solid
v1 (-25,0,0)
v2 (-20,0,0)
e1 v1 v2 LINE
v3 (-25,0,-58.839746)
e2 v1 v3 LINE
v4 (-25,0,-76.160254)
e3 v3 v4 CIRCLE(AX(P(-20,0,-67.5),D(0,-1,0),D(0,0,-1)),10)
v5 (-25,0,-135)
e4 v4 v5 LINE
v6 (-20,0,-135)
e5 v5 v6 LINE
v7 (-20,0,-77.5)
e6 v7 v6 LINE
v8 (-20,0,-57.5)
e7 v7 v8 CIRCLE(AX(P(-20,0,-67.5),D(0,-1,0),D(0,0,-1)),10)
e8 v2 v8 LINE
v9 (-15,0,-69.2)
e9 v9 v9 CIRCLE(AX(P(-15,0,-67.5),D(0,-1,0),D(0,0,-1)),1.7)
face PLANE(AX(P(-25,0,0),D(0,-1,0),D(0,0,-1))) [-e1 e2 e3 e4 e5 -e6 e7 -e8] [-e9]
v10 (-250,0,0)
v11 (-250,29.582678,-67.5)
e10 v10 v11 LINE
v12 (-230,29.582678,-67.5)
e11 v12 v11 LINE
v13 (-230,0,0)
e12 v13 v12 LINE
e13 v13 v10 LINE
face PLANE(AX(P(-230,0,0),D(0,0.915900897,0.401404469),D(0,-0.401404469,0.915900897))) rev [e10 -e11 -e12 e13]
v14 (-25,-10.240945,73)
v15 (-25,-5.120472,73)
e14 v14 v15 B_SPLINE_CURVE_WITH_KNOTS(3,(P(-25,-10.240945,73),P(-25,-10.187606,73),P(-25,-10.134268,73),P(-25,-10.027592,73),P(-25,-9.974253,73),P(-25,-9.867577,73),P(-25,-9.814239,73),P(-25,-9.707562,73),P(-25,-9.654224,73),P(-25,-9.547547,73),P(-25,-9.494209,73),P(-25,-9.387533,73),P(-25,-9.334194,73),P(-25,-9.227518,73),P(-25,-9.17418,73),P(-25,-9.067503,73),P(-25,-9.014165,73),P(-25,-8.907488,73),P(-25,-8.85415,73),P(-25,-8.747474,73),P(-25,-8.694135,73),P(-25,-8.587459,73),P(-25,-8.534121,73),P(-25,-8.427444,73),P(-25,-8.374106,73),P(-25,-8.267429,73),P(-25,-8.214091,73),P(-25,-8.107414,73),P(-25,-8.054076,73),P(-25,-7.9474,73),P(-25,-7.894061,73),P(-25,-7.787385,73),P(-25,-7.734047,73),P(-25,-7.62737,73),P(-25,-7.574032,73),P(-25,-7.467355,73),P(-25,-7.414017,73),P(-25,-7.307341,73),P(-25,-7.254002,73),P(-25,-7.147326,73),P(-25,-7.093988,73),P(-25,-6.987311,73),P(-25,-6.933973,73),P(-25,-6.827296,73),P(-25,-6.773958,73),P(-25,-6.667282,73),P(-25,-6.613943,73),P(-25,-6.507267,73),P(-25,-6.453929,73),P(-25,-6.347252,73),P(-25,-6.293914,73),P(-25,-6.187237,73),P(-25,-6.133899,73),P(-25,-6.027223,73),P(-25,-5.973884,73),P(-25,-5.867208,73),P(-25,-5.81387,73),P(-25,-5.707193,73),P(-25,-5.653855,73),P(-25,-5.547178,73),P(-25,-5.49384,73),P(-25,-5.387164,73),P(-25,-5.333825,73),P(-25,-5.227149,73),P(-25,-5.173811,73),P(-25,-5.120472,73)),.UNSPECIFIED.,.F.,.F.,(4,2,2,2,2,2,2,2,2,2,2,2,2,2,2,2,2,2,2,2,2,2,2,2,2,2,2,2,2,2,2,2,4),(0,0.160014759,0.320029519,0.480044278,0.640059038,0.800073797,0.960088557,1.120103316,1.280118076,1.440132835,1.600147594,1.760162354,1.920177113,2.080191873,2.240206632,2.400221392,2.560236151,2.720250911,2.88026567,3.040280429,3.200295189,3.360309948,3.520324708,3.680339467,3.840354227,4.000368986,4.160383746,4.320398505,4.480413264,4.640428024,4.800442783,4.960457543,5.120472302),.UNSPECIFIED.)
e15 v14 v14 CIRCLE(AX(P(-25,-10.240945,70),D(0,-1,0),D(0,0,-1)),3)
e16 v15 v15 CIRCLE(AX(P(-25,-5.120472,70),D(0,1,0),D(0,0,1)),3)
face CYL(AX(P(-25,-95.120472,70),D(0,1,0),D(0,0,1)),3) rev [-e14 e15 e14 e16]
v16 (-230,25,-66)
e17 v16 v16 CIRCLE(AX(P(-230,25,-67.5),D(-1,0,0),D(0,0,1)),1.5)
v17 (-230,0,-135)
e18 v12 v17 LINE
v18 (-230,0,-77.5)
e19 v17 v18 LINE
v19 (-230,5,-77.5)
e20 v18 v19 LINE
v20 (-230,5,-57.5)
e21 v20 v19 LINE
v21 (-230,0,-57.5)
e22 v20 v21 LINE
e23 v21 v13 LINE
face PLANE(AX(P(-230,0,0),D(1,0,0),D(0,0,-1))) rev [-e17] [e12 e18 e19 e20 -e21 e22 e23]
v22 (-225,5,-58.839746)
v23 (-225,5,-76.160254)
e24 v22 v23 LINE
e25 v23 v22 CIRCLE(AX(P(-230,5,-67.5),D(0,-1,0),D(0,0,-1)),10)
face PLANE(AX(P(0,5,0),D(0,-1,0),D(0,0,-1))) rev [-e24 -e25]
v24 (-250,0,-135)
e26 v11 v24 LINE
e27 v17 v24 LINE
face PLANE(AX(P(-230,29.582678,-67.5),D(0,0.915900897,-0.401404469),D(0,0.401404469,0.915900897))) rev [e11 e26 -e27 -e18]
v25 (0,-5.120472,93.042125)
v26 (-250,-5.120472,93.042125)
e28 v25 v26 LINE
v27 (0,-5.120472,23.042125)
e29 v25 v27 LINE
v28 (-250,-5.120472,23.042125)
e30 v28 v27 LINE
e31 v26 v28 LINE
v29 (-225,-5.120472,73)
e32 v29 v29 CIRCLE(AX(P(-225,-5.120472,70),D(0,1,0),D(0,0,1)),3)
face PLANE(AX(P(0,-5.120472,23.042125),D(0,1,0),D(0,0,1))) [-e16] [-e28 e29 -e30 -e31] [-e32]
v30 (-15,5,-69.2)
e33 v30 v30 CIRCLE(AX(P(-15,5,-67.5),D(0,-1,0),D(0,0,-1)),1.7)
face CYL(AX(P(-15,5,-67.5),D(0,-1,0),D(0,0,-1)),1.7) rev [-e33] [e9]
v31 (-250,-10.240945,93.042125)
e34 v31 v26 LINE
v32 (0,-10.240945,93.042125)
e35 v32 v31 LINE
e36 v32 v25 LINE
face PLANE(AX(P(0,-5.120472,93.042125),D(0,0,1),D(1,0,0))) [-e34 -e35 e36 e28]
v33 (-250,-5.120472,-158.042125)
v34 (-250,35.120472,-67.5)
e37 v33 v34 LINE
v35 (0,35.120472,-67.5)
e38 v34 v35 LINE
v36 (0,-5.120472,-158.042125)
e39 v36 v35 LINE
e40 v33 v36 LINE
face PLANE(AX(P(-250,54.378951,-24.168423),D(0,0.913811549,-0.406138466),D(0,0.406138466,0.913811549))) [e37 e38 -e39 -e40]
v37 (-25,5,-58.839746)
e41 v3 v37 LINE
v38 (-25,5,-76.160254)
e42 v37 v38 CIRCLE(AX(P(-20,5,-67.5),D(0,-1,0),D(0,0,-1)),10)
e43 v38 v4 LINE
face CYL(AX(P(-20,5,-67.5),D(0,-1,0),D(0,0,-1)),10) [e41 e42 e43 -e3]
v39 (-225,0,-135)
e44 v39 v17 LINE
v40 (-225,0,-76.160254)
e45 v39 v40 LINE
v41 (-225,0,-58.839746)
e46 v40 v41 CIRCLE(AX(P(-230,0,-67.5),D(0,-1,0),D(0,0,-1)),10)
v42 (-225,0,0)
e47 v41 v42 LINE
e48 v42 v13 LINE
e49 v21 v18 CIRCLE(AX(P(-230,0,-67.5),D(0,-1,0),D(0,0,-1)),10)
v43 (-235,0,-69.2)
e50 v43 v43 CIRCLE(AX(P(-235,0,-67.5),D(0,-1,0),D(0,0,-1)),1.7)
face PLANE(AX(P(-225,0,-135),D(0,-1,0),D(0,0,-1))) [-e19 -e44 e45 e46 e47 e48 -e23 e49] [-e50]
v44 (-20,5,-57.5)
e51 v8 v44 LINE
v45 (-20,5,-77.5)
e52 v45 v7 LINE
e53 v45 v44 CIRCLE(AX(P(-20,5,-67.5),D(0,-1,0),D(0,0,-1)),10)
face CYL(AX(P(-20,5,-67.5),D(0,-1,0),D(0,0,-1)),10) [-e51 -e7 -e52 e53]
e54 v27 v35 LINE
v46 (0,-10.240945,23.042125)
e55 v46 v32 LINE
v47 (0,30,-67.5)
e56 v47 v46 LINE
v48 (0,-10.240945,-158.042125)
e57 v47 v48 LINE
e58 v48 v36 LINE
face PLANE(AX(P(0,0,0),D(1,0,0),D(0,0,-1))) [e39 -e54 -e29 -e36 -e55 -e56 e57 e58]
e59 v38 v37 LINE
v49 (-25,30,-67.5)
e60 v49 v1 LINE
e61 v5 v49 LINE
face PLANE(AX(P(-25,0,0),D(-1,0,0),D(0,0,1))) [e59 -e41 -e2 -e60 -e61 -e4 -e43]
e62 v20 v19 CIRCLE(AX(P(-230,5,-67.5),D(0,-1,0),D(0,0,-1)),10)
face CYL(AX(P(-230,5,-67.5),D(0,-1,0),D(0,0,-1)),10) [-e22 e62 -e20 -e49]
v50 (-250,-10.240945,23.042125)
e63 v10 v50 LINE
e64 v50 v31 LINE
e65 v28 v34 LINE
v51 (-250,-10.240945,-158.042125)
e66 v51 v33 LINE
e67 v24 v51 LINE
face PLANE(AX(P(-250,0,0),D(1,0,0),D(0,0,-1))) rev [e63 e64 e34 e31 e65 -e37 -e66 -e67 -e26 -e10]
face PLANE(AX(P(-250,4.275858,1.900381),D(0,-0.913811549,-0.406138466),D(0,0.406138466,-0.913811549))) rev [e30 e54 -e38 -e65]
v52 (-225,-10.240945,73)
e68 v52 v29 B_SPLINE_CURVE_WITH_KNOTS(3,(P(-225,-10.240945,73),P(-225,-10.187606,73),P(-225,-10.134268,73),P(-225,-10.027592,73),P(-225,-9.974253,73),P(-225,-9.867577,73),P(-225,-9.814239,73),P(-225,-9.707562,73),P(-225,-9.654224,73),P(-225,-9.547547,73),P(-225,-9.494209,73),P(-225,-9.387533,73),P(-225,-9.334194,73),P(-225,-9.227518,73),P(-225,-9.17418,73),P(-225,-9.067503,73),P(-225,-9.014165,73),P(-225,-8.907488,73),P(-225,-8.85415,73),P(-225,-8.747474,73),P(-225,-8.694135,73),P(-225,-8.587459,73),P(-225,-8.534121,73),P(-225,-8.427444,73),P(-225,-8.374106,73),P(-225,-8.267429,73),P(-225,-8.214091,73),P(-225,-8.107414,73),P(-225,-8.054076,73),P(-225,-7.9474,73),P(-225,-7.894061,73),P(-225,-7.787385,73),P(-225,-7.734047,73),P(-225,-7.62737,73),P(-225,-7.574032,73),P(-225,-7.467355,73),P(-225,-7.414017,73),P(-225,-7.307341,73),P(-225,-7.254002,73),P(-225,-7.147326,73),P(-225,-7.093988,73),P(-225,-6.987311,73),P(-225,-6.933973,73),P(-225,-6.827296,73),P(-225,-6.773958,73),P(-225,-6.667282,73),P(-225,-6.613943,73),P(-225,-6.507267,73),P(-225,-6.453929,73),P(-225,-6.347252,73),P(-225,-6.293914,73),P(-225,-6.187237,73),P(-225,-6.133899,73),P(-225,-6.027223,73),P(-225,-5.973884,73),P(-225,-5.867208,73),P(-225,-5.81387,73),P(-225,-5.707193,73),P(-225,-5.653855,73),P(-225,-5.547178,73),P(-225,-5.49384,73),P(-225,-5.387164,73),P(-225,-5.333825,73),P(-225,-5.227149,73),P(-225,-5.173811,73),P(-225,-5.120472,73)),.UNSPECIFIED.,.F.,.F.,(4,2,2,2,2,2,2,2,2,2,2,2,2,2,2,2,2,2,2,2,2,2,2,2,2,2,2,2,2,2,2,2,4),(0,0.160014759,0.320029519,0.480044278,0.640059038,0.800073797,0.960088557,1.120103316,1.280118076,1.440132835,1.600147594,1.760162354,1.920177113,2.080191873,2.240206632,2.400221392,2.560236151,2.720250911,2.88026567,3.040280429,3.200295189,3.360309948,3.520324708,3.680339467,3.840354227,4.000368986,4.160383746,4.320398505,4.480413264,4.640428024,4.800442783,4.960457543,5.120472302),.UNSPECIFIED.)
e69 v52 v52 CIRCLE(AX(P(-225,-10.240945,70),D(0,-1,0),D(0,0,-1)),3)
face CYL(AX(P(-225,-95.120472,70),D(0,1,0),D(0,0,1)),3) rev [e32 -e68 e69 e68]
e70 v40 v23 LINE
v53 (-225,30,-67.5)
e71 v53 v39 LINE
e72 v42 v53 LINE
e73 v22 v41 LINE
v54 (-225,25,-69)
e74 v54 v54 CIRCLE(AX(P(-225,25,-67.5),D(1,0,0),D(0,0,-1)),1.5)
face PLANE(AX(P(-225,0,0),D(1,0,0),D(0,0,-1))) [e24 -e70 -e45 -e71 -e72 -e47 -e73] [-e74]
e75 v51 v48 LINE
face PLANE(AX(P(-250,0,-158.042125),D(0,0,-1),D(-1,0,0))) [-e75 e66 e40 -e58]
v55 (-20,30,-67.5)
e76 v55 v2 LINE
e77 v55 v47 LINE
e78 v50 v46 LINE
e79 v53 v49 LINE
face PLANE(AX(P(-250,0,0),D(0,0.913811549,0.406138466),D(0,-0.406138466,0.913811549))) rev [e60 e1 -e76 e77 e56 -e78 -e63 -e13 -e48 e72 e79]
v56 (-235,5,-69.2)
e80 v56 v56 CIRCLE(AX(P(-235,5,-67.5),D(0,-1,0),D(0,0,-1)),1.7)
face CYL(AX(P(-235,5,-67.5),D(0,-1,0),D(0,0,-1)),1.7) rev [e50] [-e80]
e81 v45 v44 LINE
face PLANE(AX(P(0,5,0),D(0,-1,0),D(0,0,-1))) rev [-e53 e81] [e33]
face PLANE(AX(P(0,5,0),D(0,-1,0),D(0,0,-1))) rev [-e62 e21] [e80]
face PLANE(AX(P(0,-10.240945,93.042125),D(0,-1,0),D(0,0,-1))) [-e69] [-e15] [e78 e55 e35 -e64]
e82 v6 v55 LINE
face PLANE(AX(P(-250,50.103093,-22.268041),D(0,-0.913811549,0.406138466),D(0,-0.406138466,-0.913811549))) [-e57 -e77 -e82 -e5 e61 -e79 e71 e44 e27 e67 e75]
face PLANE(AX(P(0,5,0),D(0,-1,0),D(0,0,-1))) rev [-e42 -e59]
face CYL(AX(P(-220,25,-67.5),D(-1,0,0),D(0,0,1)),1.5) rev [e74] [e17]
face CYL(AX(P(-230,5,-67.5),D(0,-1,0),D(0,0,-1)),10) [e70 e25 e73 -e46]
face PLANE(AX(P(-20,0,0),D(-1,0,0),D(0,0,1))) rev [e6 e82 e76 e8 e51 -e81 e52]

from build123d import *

# Parameters (mm, degrees)
BOSS_EXTRUDE1_DEPTH = 250
BOSS_EXTRUDE2_DEPTH = 25
CUT_EXTRUDE1_DEPTH  = 20
BOSS_EXTRUDE3_DEPTH = 25
CUT_EXTRUDE2_DEPTH  = 20
BOSS_EXTRUDE4_DEPTH = 5
BOSS_EXTRUDE5_DEPTH = 5
SKETCH8_R           = 1.5
CUT_EXTRUDE3_DEPTH  = 10
SKETCH9_W           = 70
SKETCH9_H           = 5.120472302
BOSS_EXTRUDE7_DEPTH = 250
SKETCH11_R          = 3
CUT_EXTRUDE4_DEPTH  = 90


with BuildPart() as part:
    # Sketch1 → Boss-Extrude1 (new body)
    with BuildSketch(Plane(origin=(0, 0, 0), x_dir=(0, 0, -1), z_dir=(1, 0, 0))):
        Polygon((-23.04212536, -5.120472302), (67.5, 35.120472302), (158.04212536, -5.120472302), (158.04212536, -10.240944604), (135, 0), (67.5, 30), (0, 0), (-23.04212536, -10.240944604), align=None)
    extrude(amount=-BOSS_EXTRUDE1_DEPTH)

    # Sketch2 → Boss-Extrude2 (add)
    with BuildSketch(Plane(origin=(0, 0, 0), x_dir=(0, 0, -1), z_dir=(1, 0, 0))):
        Polygon((0, 0), (135, 0), (67.5, 30), align=None)
    extrude(amount=-BOSS_EXTRUDE2_DEPTH)

    # Sketch3 → Cut-Extrude1 (cut)
    with BuildSketch(Plane(origin=(0, 0, 0), x_dir=(0, 0, -1), z_dir=(1, 0, 0))):
        Polygon((0, 0), (135, 0), (67.5, 30), align=None)
    extrude(amount=-CUT_EXTRUDE1_DEPTH, mode=Mode.SUBTRACT)

    # Sketch4 → Boss-Extrude3 (add)
    with BuildSketch(Plane.ZY.offset(250)):
        Polygon((-135, 0), (0, 0), (-67.5, 30), align=None)
    extrude(amount=-BOSS_EXTRUDE3_DEPTH)

    # Sketch5 → Cut-Extrude2 (cut)
    with BuildSketch(Plane.ZY.offset(250)):
        Polygon((-135, 0), (0, 0), (-67.5, 29.582678365), align=None)
    extrude(amount=-CUT_EXTRUDE2_DEPTH, mode=Mode.SUBTRACT)

    # Sketch6 → Boss-Extrude4 (add)
    with BuildSketch(Plane(origin=(0, 0, 0), x_dir=(-1, 0, 0), z_dir=(0, -1, 0))):
        with BuildLine():
            ThreePointArc((233.3, 67.5), (235, 69.2), (236.7, 67.5))
            Line((236.7, 67.5), (240, 67.5))
            ThreePointArc((240, 67.5), (237.071067812, 74.571067812), (230, 77.5))
            Line((230, 77.5), (230, 67.5))
            Line((230, 67.5), (233.3, 67.5))
        make_face()
        with BuildLine():
            Line((240, 67.5), (236.7, 67.5))
            ThreePointArc((236.7, 67.5), (235, 65.8), (233.3, 67.5))
            Line((233.3, 67.5), (230, 67.5))
            Line((230, 67.5), (230, 57.5))
            ThreePointArc((230, 57.5), (237.071067812, 60.428932188), (240, 67.5))
        make_face()
        with BuildLine():
            Line((225, 58.839745962), (225, 76.160254038))
            ThreePointArc((225, 76.160254038), (220, 67.5), (225, 58.839745962))
        make_face()
        with BuildLine():
            Line((230, 67.5), (230, 77.5))
            ThreePointArc((230, 77.5), (227.411809549, 77.159258263), (225, 76.160254038))
            Line((225, 76.160254038), (225, 58.839745962))
            ThreePointArc((225, 58.839745962), (227.411809549, 57.840741737), (230, 57.5))
            Line((230, 57.5), (230, 67.5))
        make_face()
    extrude(amount=-BOSS_EXTRUDE4_DEPTH)

    # Sketch7 → Boss-Extrude5 (add)
    with BuildSketch(Plane(origin=(0, 0, 0), x_dir=(-1, 0, 0), z_dir=(0, -1, 0))):
        with BuildLine():
            Line((20, 57.5), (20, 67.5))
            Line((20, 67.5), (16.7, 67.5))
            ThreePointArc((16.7, 67.5), (15, 65.8), (13.3, 67.5))
            Line((13.3, 67.5), (10, 67.5))
            ThreePointArc((10, 67.5), (12.928932188, 60.428932188), (20, 57.5))
        make_face()
        with BuildLine():
            Line((16.7, 67.5), (20, 67.5))
            Line((20, 67.5), (20, 77.5))
            ThreePointArc((20, 77.5), (12.928932188, 74.571067812), (10, 67.5))
            Line((10, 67.5), (13.3, 67.5))
            ThreePointArc((13.3, 67.5), (15, 69.2), (16.7, 67.5))
        make_face()
        with BuildLine():
            Line((20, 77.5), (20, 67.5))
            Line((20, 67.5), (20, 57.5))
            ThreePointArc((20, 57.5), (22.588190451, 57.840741737), (25, 58.839745962))
            Line((25, 58.839745962), (25, 76.160254038))
            ThreePointArc((25, 76.160254038), (22.588190451, 77.159258263), (20, 77.5))
        make_face()
        with BuildLine():
            ThreePointArc((30, 67.5), (28.660254038, 72.5), (25, 76.160254038))
            Line((25, 76.160254038), (25, 58.839745962))
            ThreePointArc((25, 58.839745962), (28.660254038, 62.5), (30, 67.5))
        make_face()
    extrude(amount=-BOSS_EXTRUDE5_DEPTH)

    # Sketch8 → Cut-Extrude3 (cut)
    with BuildSketch(Plane.ZY.offset(230)):
        with Locations((-67.5, 25)):
            Circle(SKETCH8_R)
    extrude(amount=-CUT_EXTRUDE3_DEPTH, mode=Mode.SUBTRACT)

    # Sketch9 → Boss-Extrude7 (add)
    with BuildSketch(Plane.ZY.offset(250)):
        with Locations((58.04212536, -7.680708453)):
            Rectangle(SKETCH9_W, SKETCH9_H)
    extrude(amount=-BOSS_EXTRUDE7_DEPTH)

    # Sketch11 → Cut-Extrude4 (cut)
    with BuildSketch(Plane(origin=(0, -5.120472302, 0), x_dir=(1, 0, 0), z_dir=(0, 1, 0))):
        with Locations(Location((-225, -70, 0), (0, 0, 270))):
            Circle(SKETCH11_R)
        with Locations(Location((-25, -70, 0), (0, 0, 270))):
            Circle(SKETCH11_R)
    extrude(amount=-CUT_EXTRUDE4_DEPTH, mode=Mode.SUBTRACT)


solid = part.part
